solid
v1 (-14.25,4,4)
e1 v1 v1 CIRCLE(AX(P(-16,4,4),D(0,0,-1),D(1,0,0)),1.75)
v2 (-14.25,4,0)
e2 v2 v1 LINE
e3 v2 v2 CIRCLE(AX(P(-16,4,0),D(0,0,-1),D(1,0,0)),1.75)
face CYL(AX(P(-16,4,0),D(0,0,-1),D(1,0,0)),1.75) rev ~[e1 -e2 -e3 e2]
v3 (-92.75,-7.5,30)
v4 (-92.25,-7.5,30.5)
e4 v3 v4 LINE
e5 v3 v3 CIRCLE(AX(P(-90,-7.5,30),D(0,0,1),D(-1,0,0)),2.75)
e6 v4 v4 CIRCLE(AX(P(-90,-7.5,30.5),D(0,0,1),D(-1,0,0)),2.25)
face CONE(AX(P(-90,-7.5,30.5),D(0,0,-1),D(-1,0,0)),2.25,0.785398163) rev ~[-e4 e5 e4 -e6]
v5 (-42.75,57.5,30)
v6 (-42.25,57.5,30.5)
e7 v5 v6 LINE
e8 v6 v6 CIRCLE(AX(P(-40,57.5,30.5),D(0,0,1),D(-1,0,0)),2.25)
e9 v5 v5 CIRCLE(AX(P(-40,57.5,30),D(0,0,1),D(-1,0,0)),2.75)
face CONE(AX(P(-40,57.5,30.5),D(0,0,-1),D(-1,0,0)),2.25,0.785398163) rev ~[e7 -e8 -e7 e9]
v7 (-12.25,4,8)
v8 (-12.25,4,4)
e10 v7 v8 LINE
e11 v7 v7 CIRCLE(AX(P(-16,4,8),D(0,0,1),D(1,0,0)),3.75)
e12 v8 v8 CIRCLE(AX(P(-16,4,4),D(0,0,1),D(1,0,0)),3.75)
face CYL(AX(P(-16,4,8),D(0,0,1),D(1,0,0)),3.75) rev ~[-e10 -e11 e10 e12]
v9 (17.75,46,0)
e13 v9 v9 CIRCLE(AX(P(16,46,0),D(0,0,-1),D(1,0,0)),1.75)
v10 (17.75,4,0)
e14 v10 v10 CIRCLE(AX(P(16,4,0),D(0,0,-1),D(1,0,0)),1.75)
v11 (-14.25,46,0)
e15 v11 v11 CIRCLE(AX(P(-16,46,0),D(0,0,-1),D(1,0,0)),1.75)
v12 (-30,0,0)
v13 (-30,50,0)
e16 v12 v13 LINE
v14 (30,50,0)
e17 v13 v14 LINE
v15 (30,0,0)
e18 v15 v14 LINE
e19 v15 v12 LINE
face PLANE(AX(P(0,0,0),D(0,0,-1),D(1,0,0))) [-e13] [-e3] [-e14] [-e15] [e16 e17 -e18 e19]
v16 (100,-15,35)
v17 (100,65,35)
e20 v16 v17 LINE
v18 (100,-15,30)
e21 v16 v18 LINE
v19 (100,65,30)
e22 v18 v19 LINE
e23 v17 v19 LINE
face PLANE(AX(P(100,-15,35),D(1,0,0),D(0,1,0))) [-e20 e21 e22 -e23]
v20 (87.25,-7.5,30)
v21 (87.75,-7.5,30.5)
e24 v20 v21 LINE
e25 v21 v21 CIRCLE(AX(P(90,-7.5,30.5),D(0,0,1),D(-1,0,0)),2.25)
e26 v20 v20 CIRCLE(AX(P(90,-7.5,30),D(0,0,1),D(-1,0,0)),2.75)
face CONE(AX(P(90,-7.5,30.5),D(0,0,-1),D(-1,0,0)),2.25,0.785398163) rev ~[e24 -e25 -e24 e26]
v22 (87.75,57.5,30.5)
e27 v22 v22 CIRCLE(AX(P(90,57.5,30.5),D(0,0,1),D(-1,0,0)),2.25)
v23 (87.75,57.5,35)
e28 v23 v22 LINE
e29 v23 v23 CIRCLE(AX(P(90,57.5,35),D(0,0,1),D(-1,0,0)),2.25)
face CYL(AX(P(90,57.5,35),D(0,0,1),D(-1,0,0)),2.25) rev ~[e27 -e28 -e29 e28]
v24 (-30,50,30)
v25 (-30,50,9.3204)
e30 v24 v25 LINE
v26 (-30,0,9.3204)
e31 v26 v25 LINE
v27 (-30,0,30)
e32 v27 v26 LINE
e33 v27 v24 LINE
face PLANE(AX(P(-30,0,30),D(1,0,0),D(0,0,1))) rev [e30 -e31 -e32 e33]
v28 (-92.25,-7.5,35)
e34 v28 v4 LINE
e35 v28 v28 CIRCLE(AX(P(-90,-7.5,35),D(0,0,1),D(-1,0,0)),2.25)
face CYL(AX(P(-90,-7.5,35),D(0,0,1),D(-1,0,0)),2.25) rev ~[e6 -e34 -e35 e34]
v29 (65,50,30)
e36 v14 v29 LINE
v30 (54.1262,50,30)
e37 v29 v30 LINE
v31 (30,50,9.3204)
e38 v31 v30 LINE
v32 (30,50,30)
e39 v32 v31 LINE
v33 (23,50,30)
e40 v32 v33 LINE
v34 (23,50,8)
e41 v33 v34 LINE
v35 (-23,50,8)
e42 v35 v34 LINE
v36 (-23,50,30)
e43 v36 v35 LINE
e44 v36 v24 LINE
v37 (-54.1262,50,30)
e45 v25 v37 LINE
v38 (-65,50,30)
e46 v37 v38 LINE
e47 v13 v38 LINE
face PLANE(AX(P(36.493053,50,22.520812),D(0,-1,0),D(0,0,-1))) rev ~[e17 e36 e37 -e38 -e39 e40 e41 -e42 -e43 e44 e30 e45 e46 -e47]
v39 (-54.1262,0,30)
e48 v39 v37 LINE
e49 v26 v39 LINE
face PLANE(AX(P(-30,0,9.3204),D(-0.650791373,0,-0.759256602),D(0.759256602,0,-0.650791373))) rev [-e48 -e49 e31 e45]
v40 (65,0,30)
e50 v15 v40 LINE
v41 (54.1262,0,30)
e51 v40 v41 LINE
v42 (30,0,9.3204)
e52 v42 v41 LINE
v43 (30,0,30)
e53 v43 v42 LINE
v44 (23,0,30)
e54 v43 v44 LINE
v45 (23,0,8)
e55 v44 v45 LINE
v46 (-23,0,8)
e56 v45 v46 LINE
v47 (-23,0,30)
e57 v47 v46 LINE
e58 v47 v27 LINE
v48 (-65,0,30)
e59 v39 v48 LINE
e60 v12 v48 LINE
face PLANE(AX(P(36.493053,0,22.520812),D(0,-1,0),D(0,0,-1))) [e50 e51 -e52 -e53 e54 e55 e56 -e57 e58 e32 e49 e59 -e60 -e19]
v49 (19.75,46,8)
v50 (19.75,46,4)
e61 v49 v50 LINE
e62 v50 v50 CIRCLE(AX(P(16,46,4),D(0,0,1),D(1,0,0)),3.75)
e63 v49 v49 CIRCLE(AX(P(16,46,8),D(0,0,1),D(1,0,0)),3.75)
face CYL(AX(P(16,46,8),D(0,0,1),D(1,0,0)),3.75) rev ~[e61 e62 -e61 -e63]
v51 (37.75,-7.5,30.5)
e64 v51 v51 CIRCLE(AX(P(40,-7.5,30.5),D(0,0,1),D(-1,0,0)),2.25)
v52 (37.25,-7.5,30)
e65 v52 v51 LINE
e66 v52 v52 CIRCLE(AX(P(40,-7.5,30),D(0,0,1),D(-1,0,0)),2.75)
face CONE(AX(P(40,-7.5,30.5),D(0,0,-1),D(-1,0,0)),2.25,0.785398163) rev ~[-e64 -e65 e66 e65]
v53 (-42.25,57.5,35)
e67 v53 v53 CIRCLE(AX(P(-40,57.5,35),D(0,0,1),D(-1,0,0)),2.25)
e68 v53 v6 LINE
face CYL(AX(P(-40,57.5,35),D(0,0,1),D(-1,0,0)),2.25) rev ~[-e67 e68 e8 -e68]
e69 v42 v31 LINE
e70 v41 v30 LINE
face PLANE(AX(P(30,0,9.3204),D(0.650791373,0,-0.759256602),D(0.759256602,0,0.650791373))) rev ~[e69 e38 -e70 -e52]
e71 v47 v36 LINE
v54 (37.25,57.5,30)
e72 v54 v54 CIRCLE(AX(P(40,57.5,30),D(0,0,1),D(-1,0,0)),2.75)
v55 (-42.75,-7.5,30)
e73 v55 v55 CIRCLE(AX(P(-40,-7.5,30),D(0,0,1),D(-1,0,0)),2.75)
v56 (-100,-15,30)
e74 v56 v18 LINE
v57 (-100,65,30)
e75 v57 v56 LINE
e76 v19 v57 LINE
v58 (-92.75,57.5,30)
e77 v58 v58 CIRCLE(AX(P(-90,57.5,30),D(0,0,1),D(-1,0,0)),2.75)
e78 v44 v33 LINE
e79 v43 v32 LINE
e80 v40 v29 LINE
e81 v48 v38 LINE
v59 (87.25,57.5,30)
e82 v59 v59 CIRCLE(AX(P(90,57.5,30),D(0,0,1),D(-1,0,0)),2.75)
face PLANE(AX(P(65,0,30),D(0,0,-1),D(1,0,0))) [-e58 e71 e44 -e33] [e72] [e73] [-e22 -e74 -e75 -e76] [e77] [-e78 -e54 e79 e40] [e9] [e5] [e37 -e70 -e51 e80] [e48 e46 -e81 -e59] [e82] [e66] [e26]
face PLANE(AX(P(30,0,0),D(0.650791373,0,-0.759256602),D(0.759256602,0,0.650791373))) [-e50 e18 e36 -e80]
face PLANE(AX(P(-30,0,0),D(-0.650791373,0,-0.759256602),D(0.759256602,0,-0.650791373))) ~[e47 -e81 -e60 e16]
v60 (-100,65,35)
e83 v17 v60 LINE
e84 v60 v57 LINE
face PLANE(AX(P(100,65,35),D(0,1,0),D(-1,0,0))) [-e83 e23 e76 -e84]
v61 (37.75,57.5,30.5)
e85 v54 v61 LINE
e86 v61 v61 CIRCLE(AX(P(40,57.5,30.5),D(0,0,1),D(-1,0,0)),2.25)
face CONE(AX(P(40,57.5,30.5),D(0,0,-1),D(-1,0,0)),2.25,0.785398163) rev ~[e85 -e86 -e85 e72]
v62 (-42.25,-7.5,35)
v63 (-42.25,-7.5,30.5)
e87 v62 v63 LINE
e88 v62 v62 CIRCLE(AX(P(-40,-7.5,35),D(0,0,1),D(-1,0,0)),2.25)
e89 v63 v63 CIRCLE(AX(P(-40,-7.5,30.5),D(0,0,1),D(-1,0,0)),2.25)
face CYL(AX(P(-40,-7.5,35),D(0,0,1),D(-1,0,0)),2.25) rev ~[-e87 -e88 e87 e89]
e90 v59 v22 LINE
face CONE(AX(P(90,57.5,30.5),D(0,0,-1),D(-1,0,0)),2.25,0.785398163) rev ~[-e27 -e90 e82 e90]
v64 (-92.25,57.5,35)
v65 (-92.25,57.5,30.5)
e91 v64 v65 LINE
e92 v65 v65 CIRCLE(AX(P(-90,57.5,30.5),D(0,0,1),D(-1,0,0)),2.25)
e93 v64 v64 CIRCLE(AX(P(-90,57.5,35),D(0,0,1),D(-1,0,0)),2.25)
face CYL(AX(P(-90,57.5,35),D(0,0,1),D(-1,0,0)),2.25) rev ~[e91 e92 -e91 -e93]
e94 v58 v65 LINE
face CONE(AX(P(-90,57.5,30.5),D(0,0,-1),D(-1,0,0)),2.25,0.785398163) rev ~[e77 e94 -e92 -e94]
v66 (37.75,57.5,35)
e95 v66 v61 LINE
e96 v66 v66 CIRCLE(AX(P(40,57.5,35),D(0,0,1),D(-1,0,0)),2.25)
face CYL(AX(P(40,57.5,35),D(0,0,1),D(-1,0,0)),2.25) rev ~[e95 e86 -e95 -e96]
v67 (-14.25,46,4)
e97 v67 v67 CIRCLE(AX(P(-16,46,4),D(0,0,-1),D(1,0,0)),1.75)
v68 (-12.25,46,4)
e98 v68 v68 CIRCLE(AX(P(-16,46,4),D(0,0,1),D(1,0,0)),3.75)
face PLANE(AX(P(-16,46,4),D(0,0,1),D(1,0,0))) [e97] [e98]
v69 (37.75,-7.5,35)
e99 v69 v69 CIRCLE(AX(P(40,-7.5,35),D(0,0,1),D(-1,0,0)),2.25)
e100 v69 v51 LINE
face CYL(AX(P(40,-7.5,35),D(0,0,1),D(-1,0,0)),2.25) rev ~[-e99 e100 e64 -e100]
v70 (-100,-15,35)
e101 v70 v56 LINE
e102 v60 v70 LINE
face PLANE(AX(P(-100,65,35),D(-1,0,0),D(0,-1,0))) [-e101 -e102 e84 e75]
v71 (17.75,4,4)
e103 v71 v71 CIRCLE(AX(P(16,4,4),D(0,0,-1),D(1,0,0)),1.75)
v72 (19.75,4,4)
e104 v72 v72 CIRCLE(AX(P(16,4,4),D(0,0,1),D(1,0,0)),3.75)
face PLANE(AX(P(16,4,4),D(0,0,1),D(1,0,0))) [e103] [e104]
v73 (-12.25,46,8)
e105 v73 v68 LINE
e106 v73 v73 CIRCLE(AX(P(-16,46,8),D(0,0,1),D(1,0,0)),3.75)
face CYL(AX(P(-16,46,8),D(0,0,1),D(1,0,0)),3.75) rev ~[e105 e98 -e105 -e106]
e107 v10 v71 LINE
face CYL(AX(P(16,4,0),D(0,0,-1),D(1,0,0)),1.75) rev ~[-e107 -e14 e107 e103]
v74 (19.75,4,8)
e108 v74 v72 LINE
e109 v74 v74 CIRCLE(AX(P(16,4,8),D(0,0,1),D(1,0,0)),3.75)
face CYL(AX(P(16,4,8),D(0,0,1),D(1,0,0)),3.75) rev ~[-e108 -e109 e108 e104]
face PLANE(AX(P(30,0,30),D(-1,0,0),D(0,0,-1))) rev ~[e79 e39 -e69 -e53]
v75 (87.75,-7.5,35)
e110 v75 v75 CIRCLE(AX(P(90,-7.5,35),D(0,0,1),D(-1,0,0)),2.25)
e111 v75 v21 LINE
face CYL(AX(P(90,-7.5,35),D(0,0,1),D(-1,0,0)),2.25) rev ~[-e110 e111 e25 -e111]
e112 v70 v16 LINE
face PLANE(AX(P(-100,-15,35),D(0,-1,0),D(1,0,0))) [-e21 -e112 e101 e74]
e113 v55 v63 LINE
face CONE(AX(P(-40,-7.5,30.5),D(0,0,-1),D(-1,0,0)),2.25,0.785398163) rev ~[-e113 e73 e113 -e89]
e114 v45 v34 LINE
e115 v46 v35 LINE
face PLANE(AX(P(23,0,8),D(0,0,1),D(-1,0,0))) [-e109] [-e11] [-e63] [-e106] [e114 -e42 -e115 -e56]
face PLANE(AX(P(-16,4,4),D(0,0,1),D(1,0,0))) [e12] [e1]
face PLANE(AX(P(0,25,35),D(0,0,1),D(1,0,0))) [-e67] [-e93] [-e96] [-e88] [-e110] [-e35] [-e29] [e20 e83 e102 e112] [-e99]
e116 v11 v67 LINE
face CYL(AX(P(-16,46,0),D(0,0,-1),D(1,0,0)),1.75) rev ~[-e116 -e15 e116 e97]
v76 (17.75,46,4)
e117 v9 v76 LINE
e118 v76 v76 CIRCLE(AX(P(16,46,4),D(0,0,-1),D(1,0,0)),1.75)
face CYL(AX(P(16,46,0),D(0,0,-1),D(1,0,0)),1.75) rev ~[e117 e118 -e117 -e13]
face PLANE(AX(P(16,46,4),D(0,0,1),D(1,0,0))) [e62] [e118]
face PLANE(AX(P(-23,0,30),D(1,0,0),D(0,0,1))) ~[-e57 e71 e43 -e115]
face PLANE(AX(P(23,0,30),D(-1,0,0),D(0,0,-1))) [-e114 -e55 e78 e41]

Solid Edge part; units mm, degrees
sketch "Sketch1" plane through (0, 0, 0) normal (0, -1, 0) x (1, 0, 0)
  line L0 (30, 0) -> (65, 30)
  line L1 (65, 30) -> (90, 30)
  line L2 (90, 30) -> (90, 35)
  line L3 (90, 35) -> (56.9204, 35)
  line L4 (56.9204, 35) -> (0, 35)
  line L5 (0, 35) -> (0, 30)
  line L6 (0, 30) -> (23, 30)
  line L7 (23, 30) -> (23, 8)
  line L8 (23, 8) -> (0, 8)
  line L9 (0, 8) -> (0, 0)
  line L10 (0, 0) -> (30, 0)
  dimension "D1" = 5
  dimension "D2" = 30
  dimension "D3" = 23
  dimension "D4" = 8
  dimension "D5" = 35
  dimension "D6" = 65
extrude "Protrusion1" add sketch "Sketch1" against normal blind 50
mirror "Mirror1" about plane through (0, 25, 4) normal (-1, 0, 0) of "Protrusion1"
sketch "Sketch2" plane through (0, 0, 26) normal (0, -1, 0) x (1, 0, 0)
  line L0 (30, -16.6796) -> (54.1262, 4)
  line L1 (54.1262, 4) -> (30, 4)
  line L2 (30, 4) -> (30, -16.6796)
extrude "Cutout1" cut sketch "Sketch2" against normal through all
sketch "Sketch3" plane through (0, 25, 0) normal (0, 0, -1) x (1, 0, 0)
  circle A0 centre (-16, 21) radius 1.75
  circle A1 centre (16, 21) radius 1.75
  circle A2 centre (16, -21) radius 1.75
  circle A3 centre (-16, -21) radius 1.75
  dimension "D1" = 3.5
  dimension "D2" = 32
  dimension "D3" = 42
extrude "Cutout2" cut sketch "Sketch3" against normal up to next
sketch "Sketch4" plane through (0, 25, 8) normal (0, 0, 1) x (1, 0, 0)
  circle A0 centre (-16, -21) radius 3.75
  circle A1 centre (16, -21) radius 3.75
  circle A2 centre (-16, 21) radius 3.75
  circle A3 centre (16, 21) radius 3.75
  dimension "D1" = 7.5
extrude "Extrusionsausschnitt_4" cut sketch "Sketch4" against normal blind 4
mirror "Mirror2" about plane through (0, 0, 0) normal (1, 0, 0) of "Cutout1"
sketch "Sketch5" plane through (0, 25, 35) normal (0, 0, 1) x (-1, 0, 0)
  line L0 (-100, -40) -> (100, -40)
  line L1 (100, -40) -> (100, 40)
  line L2 (100, 40) -> (-100, 40)
  line L3 (-100, 40) -> (-100, -40)
  dimension "D1" = 80
  dimension "D2" = 200
extrude "Protrusion2" add sketch "Sketch5" against normal up to vertex (5 mm away)
sketch "Sketch6" plane through (0, 25, 35) normal (0, 0, 1) x (-1, 0, 0)
  circle A0 centre (-90, -32.5) radius 2.25
  circle A1 centre (-40, 32.5) radius 2.25
  circle A2 centre (-40, -32.5) radius 2.25
  circle A3 centre (40, 32.5) radius 2.25
  circle A4 centre (40, -32.5) radius 2.25
  circle A5 centre (90, -32.5) radius 2.25
  circle A6 centre (90, 32.5) radius 2.25
  circle A7 centre (-90, 32.5) radius 2.25
  dimension "D1" = 4.5
  dimension "D2" = 50
  dimension "D3" = 130
  dimension "D4" = 65
  dimension "D5" = 50
extrude "Cutout3" cut sketch "Sketch6" against normal up to next
chamfer "Fase_2" distance 0.5 angle 45 8 edges at (92.25, 57.5, 30) (92.25, -7.5, 30) (42.25, -7.5, 30) (-37.75, -7.5, 30) (-87.75, -7.5, 30) (-87.75, 57.5, 30) (-37.75, 57.5, 30) (42.25, 57.5, 30)
properties material "Nylon, allgemein"
